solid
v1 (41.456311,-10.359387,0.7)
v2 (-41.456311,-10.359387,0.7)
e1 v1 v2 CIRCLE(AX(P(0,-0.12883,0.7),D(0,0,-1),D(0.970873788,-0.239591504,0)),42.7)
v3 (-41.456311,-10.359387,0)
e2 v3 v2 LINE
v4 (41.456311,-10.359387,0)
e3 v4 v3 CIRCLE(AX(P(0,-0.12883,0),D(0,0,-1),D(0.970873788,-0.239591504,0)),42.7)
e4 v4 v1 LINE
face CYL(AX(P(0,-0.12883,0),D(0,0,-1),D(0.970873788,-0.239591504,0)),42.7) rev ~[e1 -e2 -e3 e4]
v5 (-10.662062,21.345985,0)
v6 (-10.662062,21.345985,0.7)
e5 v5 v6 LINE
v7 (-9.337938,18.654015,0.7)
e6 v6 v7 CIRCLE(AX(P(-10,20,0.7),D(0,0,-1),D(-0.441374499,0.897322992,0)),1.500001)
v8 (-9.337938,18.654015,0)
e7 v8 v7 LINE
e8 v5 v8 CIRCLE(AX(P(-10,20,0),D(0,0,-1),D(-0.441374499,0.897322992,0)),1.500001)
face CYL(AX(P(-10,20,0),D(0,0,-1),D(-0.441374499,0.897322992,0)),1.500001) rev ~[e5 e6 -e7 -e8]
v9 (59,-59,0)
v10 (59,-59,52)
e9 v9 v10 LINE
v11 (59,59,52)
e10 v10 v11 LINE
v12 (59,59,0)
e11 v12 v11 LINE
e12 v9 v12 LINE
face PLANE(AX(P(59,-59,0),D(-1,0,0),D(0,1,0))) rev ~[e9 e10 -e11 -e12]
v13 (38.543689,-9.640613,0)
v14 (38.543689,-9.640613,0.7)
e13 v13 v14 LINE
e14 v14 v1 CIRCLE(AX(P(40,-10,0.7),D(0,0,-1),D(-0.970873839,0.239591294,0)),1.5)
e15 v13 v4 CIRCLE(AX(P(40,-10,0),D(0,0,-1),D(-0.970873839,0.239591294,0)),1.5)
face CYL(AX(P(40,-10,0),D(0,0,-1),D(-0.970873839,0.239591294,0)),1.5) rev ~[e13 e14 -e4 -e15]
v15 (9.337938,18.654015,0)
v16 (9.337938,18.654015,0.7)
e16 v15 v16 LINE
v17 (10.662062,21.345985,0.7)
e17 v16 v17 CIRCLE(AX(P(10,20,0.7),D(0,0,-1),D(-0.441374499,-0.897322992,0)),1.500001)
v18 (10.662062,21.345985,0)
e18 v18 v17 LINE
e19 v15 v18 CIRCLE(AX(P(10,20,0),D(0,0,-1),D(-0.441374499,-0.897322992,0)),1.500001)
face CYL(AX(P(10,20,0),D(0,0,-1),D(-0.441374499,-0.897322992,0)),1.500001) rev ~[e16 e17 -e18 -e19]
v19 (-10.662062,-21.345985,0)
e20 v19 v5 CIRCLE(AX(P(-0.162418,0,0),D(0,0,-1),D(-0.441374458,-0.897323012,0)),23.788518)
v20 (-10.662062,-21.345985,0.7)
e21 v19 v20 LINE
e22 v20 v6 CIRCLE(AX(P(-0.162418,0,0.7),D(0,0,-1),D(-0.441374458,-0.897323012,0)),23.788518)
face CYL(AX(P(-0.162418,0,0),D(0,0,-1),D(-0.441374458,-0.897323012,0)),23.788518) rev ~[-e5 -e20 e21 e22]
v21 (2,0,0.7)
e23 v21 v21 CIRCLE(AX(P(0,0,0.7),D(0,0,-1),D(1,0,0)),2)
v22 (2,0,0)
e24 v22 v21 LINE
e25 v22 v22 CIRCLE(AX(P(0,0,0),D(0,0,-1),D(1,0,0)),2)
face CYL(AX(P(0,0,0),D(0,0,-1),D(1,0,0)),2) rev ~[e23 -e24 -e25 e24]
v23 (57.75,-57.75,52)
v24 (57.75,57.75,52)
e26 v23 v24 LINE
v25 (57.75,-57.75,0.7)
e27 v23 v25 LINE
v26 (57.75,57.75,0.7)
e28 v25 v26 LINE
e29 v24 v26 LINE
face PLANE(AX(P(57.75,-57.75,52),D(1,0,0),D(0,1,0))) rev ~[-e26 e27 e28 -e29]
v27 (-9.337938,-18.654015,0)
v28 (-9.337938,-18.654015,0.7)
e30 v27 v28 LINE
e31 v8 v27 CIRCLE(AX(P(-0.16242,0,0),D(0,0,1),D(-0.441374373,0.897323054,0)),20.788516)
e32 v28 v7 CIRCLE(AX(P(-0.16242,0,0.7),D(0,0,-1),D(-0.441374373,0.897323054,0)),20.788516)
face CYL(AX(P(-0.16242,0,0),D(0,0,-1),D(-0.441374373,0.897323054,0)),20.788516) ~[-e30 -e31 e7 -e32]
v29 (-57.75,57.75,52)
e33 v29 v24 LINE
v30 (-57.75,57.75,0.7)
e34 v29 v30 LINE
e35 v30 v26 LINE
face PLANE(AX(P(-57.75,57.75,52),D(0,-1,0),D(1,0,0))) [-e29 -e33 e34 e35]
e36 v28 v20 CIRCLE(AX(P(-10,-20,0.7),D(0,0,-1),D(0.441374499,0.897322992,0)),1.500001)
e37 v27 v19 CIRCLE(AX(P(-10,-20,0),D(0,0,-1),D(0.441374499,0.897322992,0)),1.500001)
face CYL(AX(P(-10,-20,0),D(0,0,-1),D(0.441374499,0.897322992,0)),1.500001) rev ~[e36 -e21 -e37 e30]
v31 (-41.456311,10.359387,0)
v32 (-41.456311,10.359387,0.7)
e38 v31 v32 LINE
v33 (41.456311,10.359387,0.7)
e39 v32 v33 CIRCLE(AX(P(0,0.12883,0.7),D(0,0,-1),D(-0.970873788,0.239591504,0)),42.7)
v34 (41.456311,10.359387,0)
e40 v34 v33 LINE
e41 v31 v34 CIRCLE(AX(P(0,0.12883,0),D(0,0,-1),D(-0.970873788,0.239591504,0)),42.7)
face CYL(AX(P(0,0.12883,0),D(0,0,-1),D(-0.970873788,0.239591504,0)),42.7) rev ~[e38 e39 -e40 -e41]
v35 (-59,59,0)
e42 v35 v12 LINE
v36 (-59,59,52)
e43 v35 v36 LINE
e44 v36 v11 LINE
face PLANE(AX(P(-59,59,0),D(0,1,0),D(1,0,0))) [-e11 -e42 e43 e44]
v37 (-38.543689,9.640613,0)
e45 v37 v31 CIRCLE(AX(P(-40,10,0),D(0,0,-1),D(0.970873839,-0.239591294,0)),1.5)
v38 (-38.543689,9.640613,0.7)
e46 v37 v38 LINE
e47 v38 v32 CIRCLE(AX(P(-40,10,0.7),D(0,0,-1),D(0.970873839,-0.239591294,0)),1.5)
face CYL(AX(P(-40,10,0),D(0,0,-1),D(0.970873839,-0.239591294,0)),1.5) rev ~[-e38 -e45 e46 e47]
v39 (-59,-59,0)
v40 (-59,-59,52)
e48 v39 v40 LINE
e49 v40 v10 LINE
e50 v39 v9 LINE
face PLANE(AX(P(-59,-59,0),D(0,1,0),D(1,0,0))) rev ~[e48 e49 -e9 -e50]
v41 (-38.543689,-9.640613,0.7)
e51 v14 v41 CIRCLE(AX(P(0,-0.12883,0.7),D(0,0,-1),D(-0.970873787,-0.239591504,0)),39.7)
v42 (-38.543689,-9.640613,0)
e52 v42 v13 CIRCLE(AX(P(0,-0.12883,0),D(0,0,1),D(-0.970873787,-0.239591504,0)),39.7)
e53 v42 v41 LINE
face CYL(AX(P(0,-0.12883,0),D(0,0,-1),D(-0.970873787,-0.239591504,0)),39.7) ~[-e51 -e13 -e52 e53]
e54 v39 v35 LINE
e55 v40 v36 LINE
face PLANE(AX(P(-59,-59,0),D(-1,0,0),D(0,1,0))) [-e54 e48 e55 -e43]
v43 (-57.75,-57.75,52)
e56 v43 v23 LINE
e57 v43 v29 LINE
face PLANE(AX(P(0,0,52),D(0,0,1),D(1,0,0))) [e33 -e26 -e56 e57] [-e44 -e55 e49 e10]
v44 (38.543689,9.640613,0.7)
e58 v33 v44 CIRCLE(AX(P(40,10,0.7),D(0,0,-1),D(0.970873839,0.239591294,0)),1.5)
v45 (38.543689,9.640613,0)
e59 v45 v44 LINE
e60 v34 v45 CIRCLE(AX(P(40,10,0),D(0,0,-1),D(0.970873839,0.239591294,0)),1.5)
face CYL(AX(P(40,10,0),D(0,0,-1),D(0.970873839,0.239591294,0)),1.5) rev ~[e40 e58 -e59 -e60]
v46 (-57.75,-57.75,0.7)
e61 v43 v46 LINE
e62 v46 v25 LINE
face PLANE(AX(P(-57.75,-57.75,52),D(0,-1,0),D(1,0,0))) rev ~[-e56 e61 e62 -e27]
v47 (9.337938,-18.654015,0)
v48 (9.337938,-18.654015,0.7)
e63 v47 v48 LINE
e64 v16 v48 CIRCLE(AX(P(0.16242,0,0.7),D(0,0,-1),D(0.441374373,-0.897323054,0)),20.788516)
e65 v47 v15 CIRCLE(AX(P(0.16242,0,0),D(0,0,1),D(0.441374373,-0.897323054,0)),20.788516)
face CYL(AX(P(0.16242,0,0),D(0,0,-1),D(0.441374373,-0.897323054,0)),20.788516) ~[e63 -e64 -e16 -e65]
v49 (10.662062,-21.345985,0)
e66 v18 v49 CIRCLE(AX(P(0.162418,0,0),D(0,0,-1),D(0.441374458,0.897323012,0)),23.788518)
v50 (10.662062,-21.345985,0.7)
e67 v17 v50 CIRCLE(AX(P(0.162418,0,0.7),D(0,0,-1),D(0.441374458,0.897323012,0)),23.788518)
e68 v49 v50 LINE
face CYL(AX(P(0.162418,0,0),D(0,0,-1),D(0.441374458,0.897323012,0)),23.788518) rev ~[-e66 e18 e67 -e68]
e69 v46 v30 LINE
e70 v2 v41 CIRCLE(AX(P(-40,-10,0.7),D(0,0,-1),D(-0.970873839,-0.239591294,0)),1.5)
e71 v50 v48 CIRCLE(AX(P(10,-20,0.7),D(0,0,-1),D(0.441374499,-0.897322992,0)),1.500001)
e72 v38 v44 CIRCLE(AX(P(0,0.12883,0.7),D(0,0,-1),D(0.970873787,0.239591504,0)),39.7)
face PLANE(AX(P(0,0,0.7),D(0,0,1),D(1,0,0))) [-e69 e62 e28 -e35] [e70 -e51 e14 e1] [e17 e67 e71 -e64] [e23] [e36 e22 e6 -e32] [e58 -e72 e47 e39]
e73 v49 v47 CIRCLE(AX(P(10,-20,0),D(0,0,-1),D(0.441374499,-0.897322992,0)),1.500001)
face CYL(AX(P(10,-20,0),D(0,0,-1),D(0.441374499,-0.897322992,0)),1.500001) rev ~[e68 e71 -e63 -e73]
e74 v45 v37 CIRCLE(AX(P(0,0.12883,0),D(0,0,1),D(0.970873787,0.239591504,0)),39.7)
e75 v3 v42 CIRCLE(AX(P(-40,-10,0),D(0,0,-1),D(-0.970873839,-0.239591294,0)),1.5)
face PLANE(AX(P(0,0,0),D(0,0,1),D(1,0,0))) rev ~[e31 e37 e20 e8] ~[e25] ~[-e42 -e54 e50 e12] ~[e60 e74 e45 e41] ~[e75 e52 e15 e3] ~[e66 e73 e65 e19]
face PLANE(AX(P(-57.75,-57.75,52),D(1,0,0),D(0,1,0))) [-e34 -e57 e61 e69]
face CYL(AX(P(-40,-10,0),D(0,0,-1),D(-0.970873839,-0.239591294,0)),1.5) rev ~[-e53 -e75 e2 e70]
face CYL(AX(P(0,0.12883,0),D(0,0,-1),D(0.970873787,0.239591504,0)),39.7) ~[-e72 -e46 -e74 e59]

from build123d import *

# Parameters (mm, degrees)
F0_W     = 118
F0_H     = 118
F1_DEPTH = 52
F2_W     = 115.5
F2_H     = 115.5
F3_DEPTH = 51.3
F4_R     = 2
F5_DEPTH = 25


with BuildPart() as f1:
    # F0 (on Top) → F1 (new body)
    with BuildSketch(Plane.XY):
        Rectangle(F0_W, F0_H)
    extrude(amount=F1_DEPTH)

    # F2 (on face) → F3 (cut)
    with BuildSketch(Plane.XY.offset(52)):
        Rectangle(F2_W, F2_H)
    extrude(amount=-F3_DEPTH, mode=Mode.SUBTRACT)

    # F4 (on face) → F5 (cut)
    with BuildSketch(Plane(origin=(0, 0, 0), x_dir=(1, 0, 0), z_dir=(0, 0, -1))):
        with BuildLine():
            ThreePointArc((38.543689, 9.640613), (40.359387, 8.543689), (41.456311, 10.359387))
            ThreePointArc((41.456311, 10.359387), (0, 42.82883), (-41.456311, 10.359387))
            ThreePointArc((-41.456311, 10.359387), (-40.359387, 8.543689), (-38.543689, 9.640613))
            ThreePointArc((-38.543689, 9.640613), (0, 39.82883), (38.543689, 9.640613))
        make_face()
        with BuildLine():
            ThreePointArc((41.456311, -10.359387), (40.359387, -8.543689), (38.543689, -9.640613))
            ThreePointArc((38.543689, -9.640613), (0, -39.82883), (-38.543689, -9.640613))
            ThreePointArc((-38.543689, -9.640613), (-40.359387, -8.543689), (-41.456311, -10.359387))
            ThreePointArc((-41.456311, -10.359387), (0, -42.82883), (41.456311, -10.359387))
        make_face()
        with BuildLine():
            ThreePointArc((9.337938, -18.654015), (8.654015, -20.662062), (10.662062, -21.345985))
            ThreePointArc((10.662062, -21.345985), (23.950936, 0), (10.662062, 21.345985))
            ThreePointArc((10.662062, 21.345985), (8.654015, 20.662062), (9.337938, 18.654015))
            ThreePointArc((9.337938, 18.654015), (20.950936, 0), (9.337938, -18.654015))
        make_face()
        with BuildLine():
            ThreePointArc((-9.337938, -18.654015), (-20.950936, 0), (-9.337938, 18.654015))
            ThreePointArc((-9.337938, 18.654015), (-8.654015, 20.662062), (-10.662062, 21.345985))
            ThreePointArc((-10.662062, 21.345985), (-23.950936, 0), (-10.662062, -21.345985))
            ThreePointArc((-10.662062, -21.345985), (-8.654015, -20.662062), (-9.337938, -18.654015))
        make_face()
        Circle(F4_R)
    extrude(amount=-F5_DEPTH, mode=Mode.SUBTRACT)


solid = f1.part
